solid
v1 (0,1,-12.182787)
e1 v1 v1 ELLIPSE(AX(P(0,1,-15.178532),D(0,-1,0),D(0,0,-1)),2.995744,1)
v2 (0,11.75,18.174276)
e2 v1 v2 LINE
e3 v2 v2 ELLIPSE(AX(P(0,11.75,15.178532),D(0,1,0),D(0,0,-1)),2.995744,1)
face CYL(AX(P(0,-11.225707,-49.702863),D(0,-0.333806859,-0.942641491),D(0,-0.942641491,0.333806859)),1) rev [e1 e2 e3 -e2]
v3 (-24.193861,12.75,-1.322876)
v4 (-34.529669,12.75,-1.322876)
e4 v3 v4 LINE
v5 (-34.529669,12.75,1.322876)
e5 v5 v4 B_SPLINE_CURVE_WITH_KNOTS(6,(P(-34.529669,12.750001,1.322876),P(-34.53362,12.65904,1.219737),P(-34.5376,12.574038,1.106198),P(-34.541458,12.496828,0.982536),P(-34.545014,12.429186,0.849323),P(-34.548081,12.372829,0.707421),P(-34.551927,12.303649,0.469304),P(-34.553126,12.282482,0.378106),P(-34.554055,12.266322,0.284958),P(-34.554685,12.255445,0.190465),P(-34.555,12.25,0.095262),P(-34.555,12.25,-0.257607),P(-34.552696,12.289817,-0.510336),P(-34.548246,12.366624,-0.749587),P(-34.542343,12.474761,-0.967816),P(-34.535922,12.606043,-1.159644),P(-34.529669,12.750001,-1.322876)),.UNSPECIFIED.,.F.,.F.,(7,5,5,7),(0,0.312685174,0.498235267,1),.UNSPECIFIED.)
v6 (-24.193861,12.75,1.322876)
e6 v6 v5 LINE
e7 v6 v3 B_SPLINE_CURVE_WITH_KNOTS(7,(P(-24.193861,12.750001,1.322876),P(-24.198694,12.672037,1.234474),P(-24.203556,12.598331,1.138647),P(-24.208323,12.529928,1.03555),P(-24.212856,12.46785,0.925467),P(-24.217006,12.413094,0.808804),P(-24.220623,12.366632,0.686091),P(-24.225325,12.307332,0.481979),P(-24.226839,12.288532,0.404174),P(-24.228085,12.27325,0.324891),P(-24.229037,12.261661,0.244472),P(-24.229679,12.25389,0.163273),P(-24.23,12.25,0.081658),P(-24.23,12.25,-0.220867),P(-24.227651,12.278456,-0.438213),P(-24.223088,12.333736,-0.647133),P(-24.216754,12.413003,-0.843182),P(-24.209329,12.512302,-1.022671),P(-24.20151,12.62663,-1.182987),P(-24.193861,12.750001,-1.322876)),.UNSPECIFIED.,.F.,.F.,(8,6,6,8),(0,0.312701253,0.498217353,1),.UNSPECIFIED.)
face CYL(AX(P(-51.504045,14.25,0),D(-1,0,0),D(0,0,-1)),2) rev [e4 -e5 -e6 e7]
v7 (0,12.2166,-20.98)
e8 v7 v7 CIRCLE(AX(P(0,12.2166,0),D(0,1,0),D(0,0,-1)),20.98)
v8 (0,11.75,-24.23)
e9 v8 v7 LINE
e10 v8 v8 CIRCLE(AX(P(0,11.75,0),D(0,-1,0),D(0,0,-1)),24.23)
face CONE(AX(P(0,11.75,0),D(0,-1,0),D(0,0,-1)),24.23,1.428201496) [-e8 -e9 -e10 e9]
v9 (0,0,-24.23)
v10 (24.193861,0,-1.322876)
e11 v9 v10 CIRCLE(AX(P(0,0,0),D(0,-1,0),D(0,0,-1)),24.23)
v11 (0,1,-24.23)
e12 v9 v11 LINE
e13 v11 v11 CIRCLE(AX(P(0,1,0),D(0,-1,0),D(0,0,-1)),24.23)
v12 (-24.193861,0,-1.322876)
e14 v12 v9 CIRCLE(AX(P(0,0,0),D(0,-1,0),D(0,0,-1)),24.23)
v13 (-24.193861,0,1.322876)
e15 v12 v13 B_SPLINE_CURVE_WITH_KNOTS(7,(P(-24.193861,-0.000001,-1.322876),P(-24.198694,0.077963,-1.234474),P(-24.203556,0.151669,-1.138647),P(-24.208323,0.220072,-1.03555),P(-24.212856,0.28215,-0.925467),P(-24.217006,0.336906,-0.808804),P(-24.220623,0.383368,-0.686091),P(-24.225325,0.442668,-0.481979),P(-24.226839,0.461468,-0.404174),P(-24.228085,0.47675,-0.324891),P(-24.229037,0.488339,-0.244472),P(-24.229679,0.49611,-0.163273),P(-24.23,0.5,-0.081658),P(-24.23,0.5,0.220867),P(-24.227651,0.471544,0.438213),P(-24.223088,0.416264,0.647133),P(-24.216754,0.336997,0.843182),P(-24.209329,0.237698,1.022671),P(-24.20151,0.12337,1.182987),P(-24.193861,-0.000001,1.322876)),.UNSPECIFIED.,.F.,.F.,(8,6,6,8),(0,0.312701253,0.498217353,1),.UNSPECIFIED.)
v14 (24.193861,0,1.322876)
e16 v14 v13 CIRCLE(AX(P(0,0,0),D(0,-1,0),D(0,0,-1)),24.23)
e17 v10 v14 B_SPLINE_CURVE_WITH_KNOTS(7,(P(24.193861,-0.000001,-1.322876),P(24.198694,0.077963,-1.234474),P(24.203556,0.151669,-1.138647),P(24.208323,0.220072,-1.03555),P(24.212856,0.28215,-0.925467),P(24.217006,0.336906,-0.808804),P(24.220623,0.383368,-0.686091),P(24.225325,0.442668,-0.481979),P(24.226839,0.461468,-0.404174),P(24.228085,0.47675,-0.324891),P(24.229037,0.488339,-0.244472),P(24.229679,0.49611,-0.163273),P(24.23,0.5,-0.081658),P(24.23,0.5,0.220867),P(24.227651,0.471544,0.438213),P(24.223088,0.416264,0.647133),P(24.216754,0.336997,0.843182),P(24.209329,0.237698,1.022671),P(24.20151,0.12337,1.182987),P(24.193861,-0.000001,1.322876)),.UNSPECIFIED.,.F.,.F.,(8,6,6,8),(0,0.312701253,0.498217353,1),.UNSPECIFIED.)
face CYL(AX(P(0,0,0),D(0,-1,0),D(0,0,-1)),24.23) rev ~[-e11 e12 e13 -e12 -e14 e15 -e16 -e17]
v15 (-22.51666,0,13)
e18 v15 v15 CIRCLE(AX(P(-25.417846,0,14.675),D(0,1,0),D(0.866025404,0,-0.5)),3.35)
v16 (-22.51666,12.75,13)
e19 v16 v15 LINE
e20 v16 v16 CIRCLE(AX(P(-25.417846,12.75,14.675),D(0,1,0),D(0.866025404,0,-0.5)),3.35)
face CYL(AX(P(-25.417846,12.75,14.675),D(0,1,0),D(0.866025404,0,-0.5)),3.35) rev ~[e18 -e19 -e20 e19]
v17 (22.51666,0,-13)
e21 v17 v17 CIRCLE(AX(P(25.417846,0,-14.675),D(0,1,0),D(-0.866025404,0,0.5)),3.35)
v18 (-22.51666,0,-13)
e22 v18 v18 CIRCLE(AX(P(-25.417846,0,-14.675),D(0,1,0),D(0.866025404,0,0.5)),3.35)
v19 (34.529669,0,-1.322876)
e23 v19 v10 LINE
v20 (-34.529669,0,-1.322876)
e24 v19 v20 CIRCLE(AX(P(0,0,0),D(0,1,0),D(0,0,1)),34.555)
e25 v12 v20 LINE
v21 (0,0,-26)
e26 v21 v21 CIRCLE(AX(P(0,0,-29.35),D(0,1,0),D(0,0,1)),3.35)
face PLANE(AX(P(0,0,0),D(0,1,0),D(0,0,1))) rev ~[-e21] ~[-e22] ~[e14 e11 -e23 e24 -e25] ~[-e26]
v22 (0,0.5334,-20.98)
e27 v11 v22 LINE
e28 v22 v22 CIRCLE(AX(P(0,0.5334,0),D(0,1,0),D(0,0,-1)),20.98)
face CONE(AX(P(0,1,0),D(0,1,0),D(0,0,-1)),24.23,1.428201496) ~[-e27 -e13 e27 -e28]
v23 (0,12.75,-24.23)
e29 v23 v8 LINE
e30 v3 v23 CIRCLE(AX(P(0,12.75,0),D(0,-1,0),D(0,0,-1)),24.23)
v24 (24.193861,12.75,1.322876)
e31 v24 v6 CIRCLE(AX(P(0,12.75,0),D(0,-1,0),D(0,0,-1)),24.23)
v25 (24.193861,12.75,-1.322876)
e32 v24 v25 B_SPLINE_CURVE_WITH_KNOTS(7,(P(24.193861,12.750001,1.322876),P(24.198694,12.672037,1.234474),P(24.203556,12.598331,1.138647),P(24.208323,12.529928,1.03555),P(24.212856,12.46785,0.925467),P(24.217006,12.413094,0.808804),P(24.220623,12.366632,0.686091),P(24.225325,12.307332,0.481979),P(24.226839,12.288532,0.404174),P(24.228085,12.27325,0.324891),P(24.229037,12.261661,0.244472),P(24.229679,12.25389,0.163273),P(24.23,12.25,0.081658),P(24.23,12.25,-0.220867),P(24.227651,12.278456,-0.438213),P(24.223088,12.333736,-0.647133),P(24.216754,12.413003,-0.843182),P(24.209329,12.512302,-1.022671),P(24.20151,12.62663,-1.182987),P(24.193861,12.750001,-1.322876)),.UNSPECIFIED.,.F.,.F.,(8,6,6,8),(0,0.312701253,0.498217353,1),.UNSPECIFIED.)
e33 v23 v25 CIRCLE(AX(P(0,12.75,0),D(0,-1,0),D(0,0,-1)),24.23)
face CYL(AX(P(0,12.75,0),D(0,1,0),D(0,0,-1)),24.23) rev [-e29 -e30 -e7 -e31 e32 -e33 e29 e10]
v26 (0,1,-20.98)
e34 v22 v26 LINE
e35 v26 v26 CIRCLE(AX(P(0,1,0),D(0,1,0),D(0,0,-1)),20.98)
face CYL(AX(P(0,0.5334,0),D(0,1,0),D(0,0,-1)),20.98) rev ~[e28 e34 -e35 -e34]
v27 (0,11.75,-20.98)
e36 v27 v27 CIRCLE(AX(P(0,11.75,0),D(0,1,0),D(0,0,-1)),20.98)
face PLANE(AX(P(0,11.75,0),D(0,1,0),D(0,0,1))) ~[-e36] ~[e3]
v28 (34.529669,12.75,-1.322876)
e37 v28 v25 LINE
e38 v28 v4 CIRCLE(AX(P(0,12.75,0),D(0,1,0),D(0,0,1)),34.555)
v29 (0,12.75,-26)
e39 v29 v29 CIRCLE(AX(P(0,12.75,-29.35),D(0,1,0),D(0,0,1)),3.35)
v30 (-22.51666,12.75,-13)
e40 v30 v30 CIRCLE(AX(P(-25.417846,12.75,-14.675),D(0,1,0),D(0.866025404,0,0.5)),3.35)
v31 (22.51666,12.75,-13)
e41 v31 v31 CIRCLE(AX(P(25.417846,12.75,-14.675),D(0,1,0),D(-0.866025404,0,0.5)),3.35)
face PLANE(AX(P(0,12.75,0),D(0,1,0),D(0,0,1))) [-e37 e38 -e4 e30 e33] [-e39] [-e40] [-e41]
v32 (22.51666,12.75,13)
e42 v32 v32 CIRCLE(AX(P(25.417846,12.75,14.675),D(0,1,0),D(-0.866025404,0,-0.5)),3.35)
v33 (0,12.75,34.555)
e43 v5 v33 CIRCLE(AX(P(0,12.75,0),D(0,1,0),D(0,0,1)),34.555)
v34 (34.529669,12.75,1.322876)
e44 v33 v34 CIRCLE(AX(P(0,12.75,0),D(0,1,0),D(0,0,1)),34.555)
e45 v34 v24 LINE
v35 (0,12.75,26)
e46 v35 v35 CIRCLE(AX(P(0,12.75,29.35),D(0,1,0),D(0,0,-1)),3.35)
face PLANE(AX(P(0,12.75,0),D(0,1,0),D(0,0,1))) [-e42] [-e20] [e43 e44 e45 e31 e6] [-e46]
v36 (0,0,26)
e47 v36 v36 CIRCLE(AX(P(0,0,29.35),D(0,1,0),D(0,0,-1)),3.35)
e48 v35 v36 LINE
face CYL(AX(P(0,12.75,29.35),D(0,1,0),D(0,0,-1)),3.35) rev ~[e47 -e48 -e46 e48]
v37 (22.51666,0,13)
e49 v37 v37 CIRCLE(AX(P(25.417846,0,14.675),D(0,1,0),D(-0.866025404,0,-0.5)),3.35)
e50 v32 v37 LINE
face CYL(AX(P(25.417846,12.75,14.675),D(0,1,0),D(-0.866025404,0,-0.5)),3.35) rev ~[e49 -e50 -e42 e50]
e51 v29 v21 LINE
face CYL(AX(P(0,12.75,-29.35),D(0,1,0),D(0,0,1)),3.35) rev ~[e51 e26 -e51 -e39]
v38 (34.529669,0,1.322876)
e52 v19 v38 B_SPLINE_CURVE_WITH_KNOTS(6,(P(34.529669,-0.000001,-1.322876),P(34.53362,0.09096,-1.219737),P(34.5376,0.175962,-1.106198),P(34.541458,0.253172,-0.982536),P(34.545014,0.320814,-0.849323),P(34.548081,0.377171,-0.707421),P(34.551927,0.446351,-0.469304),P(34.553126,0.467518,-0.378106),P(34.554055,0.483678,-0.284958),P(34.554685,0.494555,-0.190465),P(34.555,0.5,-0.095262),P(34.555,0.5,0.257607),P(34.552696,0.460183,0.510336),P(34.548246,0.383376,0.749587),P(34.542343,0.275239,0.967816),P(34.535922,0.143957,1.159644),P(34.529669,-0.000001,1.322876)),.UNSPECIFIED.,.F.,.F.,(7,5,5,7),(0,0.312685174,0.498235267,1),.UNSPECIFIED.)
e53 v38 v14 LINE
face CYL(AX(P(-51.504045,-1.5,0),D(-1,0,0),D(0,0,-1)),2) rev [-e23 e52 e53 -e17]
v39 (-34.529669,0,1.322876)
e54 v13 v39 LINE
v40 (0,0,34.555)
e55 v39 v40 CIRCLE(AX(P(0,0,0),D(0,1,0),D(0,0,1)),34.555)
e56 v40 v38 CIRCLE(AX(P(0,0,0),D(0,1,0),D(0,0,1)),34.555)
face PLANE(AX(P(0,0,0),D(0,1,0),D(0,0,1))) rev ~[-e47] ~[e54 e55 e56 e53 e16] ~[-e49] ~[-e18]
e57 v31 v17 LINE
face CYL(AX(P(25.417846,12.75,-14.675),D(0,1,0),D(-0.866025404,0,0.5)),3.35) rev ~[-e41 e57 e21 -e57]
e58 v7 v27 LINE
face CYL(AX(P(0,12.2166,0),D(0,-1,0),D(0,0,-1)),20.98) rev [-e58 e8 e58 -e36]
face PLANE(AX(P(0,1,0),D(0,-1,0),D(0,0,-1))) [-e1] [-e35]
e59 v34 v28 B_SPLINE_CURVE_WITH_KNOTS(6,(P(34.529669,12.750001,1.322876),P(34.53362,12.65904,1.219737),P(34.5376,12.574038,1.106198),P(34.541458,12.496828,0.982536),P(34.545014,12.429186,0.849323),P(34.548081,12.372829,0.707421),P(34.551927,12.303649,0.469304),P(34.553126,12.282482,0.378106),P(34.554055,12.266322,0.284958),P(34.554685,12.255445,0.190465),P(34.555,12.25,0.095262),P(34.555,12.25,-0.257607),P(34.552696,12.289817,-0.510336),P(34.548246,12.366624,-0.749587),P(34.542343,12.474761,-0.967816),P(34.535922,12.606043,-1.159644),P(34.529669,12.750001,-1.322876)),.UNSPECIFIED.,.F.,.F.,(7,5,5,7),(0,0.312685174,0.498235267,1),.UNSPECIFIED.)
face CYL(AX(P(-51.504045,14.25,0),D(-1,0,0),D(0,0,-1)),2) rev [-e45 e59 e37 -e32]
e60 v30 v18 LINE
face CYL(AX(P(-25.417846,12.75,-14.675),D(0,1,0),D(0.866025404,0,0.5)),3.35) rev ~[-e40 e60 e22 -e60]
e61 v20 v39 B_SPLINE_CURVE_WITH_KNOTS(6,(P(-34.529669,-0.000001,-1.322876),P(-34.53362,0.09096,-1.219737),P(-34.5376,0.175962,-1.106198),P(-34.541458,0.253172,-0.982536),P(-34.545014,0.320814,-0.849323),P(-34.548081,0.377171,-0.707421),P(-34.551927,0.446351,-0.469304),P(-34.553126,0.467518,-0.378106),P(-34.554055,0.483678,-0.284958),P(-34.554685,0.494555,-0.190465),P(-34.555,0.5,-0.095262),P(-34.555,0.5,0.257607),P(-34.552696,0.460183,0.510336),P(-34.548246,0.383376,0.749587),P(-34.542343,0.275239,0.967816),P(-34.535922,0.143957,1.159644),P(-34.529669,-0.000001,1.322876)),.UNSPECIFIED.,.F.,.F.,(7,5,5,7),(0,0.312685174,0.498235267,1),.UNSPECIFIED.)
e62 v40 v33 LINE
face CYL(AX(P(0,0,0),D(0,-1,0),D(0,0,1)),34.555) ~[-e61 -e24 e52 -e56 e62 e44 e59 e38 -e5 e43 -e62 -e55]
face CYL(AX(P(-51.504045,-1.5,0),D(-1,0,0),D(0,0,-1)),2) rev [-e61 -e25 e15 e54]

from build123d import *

# Parameters (mm, degrees)
SKETCH1_R               = 34.555
BOSS_EXTRUDE1_DEPTH     = 12.75
SKETCH2_R               = 3.35
CUT_EXTRUDE1_DEPTH      = 51.504044888
CIRPATTERN1_COUNT       = 6
SKETCH6_R               = 24.23
CUT_EXTRUDE3_DEPTH      = 1
CUT_EXTRUDE2_DEPTH      = 51.504044888
CUT_EXTRUDE2_DEPTH_BACK = 51.504044888
SKETCH4_R               = 2
CUT_EXTRUDE4_DEPTH      = 52.727217057
CUT_EXTRUDE4_DEPTH_BACK = 52.727217057
SKETCH9_R               = 1


with BuildPart() as part:
    # Sketch1 → Boss-Extrude1 (new body)
    with BuildSketch(Plane(origin=(0, 0, 0), x_dir=(1, 0, 0), z_dir=(0, 1, 0))):
        with Locations(Location((0, 0, 0), (0, 0, 270))):
            Circle(SKETCH1_R)
    extrude(amount=BOSS_EXTRUDE1_DEPTH)

    # Sketch2 → Cut-Extrude1 (cut, through all)
    with BuildSketch(Plane(origin=(0, 12.75, 0), x_dir=(1, 0, 0), z_dir=(0, 1, 0))):
        with Locations(Location((0, 29.35, 0), (0, 0, 270))):
            Circle(SKETCH2_R)
    cut_extrude1 = extrude(amount=-CUT_EXTRUDE1_DEPTH, mode=Mode.SUBTRACT)

    # CirPattern1: Cut-Extrude1 ×6 about axis
    cirpattern1_axis = Axis((0, 0, 0), (0, 1, 0))
    for i in range(1, CIRPATTERN1_COUNT):
        add(cut_extrude1.rotate(cirpattern1_axis, i * 360 / CIRPATTERN1_COUNT), mode=Mode.SUBTRACT)

    # Sketch6 → Cut-Extrude3 (cut)
    with BuildSketch(Plane.XZ):
        with Locations(Location((0, 0, 0), (0, 0, 270))):
            Circle(SKETCH6_R)
    cut_extrude3 = extrude(amount=-CUT_EXTRUDE3_DEPTH, mode=Mode.SUBTRACT)

    # Sketch7 → Revolve1 (revolve)
    with BuildSketch(Plane(origin=(0, 0, 0), x_dir=(0, 0, -1), z_dir=(1, 0, 0))):
        Polygon((24.23, 1), (20.98, 0.5334), (20.98, 1), align=None)
    revolve1 = revolve(axis=Axis((0, 0, 0), (0, 1, 0)))

    # Mirror1: Cut-Extrude3 across plane
    add(cut_extrude3.mirror(Plane(origin=(0, 6.375, 0), x_dir=(0, 0, 1), z_dir=(0, -1, 0))), mode=Mode.SUBTRACT)

    # Mirror2: Revolve1 across plane
    add(revolve1.mirror(Plane(origin=(0, 6.375, 0), x_dir=(0, 0, 1), z_dir=(0, -1, 0))))

    # Sketch4 → Cut-Extrude2 (cut, two sides: drawn at the far end of the back side and taken through both)
    with BuildSketch(Plane(origin=(0, 0, 0), x_dir=(0, 0, -1), z_dir=(1, 0, 0)).offset(-CUT_EXTRUDE2_DEPTH_BACK)):
        with Locations((0, 14.25)):
            Circle(SKETCH4_R)
        with Locations((0, -1.5)):
            Circle(SKETCH4_R)
    extrude(amount=CUT_EXTRUDE2_DEPTH + CUT_EXTRUDE2_DEPTH_BACK, mode=Mode.SUBTRACT)

    # Sketch9 → Cut-Extrude4 (cut, two sides: drawn at the far end of the back side and taken through both)
    with BuildSketch(Plane(origin=(0, 0.710347248, 2.005958746), x_dir=(1, 0, 0), z_dir=(0, 0.33380685923377496, 0.942641491092177)).offset(-CUT_EXTRUDE4_DEPTH_BACK)):
        with Locations(Location((0, 6.009339506, 0), (0, 0, 270))):
            Circle(SKETCH9_R)
    extrude(amount=CUT_EXTRUDE4_DEPTH + CUT_EXTRUDE4_DEPTH_BACK, mode=Mode.SUBTRACT)


solid = part.part
